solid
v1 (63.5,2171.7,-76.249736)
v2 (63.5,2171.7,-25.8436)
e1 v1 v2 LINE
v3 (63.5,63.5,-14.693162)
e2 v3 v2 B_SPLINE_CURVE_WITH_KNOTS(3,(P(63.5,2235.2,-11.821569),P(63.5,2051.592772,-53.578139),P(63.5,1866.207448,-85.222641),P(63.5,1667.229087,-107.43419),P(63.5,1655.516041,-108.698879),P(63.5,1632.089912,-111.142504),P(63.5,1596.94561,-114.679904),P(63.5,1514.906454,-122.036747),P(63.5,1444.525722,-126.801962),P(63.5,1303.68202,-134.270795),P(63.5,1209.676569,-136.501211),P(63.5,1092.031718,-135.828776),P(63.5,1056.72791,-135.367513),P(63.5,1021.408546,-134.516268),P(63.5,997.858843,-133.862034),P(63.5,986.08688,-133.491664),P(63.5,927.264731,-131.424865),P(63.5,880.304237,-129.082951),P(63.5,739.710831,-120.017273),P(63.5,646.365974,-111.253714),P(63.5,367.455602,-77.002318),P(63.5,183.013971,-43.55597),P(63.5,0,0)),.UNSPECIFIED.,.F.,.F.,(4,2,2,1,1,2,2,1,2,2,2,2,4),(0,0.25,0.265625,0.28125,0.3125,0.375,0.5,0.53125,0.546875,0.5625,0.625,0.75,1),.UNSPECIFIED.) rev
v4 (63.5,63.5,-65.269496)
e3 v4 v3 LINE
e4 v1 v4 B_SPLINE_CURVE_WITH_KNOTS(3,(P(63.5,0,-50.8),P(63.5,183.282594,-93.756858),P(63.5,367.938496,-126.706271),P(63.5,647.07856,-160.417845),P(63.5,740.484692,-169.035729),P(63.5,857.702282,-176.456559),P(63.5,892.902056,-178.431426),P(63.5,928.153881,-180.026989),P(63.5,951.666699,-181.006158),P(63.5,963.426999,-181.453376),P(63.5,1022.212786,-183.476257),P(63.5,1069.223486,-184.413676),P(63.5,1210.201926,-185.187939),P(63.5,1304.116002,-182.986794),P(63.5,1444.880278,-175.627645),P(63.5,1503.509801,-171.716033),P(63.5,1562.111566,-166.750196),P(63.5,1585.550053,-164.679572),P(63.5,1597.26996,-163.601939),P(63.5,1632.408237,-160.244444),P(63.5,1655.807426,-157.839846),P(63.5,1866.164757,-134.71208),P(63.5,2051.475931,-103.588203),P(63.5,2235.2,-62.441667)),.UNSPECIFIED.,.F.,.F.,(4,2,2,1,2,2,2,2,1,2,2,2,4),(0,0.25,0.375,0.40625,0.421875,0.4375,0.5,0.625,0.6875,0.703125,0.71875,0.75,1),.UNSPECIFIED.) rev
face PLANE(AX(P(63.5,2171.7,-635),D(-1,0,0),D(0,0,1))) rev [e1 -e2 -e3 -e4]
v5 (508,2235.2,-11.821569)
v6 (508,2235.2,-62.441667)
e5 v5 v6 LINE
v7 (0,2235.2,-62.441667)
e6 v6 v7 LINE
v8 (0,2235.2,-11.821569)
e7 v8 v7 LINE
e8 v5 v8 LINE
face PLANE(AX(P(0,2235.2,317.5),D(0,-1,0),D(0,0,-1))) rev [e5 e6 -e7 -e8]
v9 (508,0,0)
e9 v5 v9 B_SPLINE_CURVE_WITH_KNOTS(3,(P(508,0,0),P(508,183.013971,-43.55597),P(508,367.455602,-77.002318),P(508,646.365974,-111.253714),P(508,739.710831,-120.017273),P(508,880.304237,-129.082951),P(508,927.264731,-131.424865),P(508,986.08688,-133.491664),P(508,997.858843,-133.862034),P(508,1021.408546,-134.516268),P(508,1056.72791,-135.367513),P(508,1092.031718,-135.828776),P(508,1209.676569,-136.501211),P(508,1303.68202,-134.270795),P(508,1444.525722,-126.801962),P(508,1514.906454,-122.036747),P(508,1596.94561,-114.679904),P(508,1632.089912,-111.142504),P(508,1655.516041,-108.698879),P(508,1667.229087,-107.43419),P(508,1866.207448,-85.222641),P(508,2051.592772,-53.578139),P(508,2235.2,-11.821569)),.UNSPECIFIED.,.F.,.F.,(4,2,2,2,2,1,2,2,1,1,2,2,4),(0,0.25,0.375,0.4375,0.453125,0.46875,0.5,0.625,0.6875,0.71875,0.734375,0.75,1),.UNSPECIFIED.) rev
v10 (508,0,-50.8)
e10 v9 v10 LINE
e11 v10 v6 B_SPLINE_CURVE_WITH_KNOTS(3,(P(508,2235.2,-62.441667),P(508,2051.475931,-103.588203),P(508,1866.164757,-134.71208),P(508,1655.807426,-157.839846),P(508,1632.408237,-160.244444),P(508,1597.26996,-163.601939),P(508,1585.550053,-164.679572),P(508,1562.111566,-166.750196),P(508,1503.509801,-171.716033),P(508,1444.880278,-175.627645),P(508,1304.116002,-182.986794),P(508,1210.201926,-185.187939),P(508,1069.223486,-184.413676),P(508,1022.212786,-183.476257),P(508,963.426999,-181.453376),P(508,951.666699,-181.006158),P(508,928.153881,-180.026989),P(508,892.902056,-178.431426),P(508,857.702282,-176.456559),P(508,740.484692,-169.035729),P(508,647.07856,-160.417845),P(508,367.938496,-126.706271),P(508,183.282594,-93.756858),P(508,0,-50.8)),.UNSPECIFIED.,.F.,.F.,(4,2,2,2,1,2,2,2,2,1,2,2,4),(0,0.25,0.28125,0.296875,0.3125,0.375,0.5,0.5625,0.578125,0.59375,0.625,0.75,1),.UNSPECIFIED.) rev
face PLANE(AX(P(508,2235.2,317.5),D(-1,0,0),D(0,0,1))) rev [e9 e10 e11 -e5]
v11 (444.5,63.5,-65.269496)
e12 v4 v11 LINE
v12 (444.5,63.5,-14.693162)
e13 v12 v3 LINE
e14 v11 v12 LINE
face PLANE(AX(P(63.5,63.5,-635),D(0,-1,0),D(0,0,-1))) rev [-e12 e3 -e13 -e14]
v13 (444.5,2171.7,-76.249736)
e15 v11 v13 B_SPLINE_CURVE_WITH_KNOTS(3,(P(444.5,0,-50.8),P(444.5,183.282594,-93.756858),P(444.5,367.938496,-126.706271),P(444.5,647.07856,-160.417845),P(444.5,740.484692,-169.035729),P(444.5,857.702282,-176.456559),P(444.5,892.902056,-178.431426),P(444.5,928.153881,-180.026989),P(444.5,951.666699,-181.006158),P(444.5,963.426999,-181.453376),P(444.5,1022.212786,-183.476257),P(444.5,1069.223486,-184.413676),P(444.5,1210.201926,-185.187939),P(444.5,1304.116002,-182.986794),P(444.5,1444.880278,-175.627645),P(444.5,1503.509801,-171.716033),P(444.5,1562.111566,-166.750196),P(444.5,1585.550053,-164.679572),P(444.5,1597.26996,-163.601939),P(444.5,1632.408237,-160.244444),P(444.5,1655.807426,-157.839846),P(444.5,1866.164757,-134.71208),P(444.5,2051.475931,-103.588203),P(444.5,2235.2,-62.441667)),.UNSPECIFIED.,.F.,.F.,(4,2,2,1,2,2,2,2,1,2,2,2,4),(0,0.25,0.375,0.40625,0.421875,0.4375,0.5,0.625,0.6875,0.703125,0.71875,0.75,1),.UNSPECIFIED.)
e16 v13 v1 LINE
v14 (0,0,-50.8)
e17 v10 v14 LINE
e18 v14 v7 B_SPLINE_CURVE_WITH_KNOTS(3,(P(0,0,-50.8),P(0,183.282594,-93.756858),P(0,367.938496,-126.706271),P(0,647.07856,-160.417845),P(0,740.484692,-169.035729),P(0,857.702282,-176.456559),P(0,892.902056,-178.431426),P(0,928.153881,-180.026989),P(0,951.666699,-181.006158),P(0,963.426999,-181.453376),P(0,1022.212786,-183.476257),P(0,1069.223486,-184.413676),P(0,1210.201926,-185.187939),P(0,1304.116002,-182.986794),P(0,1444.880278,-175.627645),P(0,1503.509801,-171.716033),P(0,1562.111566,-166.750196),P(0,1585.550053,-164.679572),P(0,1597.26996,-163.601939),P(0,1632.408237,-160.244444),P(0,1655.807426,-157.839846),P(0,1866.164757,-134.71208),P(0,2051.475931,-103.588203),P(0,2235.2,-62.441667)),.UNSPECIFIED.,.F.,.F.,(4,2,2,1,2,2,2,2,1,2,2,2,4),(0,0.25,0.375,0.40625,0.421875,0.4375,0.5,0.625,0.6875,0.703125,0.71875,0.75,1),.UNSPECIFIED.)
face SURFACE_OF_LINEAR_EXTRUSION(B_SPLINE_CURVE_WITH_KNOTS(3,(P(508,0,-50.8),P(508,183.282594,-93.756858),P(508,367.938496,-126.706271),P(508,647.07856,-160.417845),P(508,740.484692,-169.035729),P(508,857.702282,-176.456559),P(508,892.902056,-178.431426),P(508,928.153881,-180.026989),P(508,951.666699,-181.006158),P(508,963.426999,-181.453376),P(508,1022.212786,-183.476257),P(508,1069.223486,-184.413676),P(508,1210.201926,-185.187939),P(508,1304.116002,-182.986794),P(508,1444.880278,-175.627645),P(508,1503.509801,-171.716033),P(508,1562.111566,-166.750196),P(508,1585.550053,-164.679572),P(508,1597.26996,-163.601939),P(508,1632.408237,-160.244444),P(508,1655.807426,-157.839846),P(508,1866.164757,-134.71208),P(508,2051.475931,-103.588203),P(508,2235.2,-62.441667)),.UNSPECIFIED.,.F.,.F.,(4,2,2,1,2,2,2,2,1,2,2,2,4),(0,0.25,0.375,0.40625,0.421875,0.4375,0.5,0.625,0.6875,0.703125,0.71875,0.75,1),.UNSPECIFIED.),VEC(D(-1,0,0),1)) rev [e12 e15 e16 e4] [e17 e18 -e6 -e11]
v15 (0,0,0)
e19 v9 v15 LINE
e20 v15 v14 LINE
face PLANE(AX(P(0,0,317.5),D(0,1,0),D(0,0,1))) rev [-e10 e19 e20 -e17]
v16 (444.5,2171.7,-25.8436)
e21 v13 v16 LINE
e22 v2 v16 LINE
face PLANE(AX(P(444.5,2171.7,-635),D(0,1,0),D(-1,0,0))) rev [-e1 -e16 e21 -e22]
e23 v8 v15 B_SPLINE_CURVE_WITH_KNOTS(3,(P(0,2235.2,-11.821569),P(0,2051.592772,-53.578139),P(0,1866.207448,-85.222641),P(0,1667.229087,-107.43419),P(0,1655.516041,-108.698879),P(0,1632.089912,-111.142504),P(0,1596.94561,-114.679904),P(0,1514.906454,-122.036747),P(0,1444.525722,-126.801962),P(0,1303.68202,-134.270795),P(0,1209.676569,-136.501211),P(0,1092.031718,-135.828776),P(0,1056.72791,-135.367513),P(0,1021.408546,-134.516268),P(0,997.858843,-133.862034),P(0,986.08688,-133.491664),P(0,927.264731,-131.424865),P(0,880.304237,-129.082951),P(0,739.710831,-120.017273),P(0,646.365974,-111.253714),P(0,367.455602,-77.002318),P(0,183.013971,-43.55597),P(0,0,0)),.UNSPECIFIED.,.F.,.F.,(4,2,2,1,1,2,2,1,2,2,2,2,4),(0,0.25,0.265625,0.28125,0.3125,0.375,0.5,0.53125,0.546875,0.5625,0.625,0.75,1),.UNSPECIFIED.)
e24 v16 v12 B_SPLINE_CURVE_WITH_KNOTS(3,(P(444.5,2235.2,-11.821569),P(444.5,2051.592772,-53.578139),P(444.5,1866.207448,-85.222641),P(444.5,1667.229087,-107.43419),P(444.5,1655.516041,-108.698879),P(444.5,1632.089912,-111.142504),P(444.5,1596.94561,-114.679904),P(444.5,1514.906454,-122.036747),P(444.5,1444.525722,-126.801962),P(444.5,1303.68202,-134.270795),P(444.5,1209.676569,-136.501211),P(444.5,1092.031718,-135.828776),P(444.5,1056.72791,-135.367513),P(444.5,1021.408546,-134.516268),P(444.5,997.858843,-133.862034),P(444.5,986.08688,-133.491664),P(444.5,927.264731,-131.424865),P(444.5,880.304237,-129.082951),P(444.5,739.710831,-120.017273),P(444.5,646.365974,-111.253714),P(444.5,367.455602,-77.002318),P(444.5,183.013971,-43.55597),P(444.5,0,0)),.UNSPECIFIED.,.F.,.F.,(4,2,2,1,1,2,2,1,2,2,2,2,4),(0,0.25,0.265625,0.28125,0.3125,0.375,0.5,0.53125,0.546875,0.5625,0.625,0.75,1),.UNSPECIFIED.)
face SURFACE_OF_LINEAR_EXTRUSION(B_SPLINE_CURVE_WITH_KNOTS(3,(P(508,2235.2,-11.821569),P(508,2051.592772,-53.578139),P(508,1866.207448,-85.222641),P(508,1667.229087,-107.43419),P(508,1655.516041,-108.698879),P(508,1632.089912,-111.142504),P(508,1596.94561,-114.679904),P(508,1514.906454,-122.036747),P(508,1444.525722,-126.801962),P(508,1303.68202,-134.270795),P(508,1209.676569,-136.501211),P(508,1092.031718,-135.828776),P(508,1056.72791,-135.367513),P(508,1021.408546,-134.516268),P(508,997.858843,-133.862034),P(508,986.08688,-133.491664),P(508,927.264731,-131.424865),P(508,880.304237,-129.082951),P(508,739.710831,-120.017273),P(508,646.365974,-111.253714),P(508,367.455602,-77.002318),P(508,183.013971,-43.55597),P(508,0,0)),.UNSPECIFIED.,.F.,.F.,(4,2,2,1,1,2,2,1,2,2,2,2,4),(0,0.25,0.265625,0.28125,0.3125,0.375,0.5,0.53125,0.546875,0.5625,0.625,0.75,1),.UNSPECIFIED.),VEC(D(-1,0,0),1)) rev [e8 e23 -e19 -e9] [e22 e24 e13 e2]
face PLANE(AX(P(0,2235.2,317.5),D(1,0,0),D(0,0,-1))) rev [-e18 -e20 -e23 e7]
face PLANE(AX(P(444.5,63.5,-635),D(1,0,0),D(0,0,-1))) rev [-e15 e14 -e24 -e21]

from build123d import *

# Parameters (mm, degrees)
SKETCH1_W           = 508
SKETCH1_H           = 2235.2
BOSS_EXTRUDE1_DEPTH = 317.5
CUT_EXTRUDE1_DEPTH  = 2315.084978993
SKETCH4_W           = 381
SKETCH4_H           = 2108.2
CUT_EXTRUDE2_DEPTH  = 635


with BuildPart() as part:
    # Sketch1 → Boss-Extrude1 (new, symmetric)
    with BuildSketch(Plane.XY):
        with Locations((254, 1117.6)):
            Rectangle(SKETCH1_W, SKETCH1_H)
    extrude(amount=BOSS_EXTRUDE1_DEPTH, both=True)

    # Sketch3 → Cut-Extrude1 (cut, through all)
    with BuildSketch(Plane(origin=(0, 0, 0), x_dir=(0, 0, -1), z_dir=(1, 0, 0))):
        with BuildLine():
            add(Edge.make_bspline(
                [(11.821569446, 2235.2), (53.57813934, 2051.592772393), (85.222640891, 1866.207447857), (107.434189609, 1667.229087385), (108.698878545, 1655.516041361), (111.142504459, 1632.089911804), (114.679903907, 1596.945609992), (122.036747111, 1514.906454342), (126.801961515, 1444.525721695), (134.27079546, 1303.68201965), (136.501210965, 1209.676568729), (135.828775663, 1092.031717992), (135.367512593, 1056.727910054), (134.516268219, 1021.408545813), (133.862033824, 997.858843012), (133.491664454, 986.086879756), (131.424864721, 927.264731081), (129.082951268, 880.304237017), (120.017272868, 739.710830806), (111.253713841, 646.365974306), (77.002317609, 367.455601671), (43.555969623, 183.013970543), (0, 0)],
                knots=[0, 0, 0, 0, 0.25, 0.25, 0.265625, 0.265625, 0.28125, 0.3125, 0.375, 0.375, 0.5, 0.5, 0.53125, 0.546875, 0.546875, 0.5625, 0.5625, 0.625, 0.625, 0.75, 0.75, 1, 1, 1, 1], degree=3))
            Line((0, 0), (-317.5, 0))
            Line((-317.5, 0), (-317.5, 2235.2))
            Line((-317.5, 2235.2), (11.821569446, 2235.2))
        make_face()
        with BuildLine():
            add(Edge.make_bspline(
                [(50.8, 0), (93.756857966, 183.282593988), (126.706271475, 367.938495881), (160.41784485, 647.078560023), (169.0357287, 740.484692023), (176.456558681, 857.702282187), (178.431425593, 892.902056056), (180.026988846, 928.153881246), (181.00615785, 951.666699325), (181.45337598, 963.426998719), (183.476257054, 1022.212785523), (184.41367603, 1069.223486353), (185.187938722, 1210.201925792), (182.986794075, 1304.116001508), (175.627644988, 1444.880277597), (171.716032673, 1503.509801444), (166.750196414, 1562.111566197), (164.679571807, 1585.55005263), (163.601939023, 1597.269959678), (160.24444438, 1632.408236744), (157.839846087, 1655.8074259), (134.712079658, 1866.164757361), (103.588202999, 2051.475930795), (62.441666667, 2235.2)],
                knots=[0, 0, 0, 0, 0.25, 0.25, 0.375, 0.375, 0.40625, 0.421875, 0.421875, 0.4375, 0.4375, 0.5, 0.5, 0.625, 0.625, 0.6875, 0.703125, 0.703125, 0.71875, 0.71875, 0.75, 0.75, 1, 1, 1, 1], degree=3))
            Line((62.441666667, 2235.2), (317.5, 2235.2))
            Line((317.5, 2235.2), (317.5, 0))
            Line((317.5, 0), (50.8, 0))
        make_face()
    extrude(amount=CUT_EXTRUDE1_DEPTH, mode=Mode.SUBTRACT)

    # Sketch4 → Cut-Extrude2 (cut)
    with BuildSketch(Plane.XY):
        with Locations((254, 1117.6)):
            Rectangle(SKETCH4_W, SKETCH4_H)
    extrude(amount=-CUT_EXTRUDE2_DEPTH, mode=Mode.SUBTRACT)


solid = part.part
